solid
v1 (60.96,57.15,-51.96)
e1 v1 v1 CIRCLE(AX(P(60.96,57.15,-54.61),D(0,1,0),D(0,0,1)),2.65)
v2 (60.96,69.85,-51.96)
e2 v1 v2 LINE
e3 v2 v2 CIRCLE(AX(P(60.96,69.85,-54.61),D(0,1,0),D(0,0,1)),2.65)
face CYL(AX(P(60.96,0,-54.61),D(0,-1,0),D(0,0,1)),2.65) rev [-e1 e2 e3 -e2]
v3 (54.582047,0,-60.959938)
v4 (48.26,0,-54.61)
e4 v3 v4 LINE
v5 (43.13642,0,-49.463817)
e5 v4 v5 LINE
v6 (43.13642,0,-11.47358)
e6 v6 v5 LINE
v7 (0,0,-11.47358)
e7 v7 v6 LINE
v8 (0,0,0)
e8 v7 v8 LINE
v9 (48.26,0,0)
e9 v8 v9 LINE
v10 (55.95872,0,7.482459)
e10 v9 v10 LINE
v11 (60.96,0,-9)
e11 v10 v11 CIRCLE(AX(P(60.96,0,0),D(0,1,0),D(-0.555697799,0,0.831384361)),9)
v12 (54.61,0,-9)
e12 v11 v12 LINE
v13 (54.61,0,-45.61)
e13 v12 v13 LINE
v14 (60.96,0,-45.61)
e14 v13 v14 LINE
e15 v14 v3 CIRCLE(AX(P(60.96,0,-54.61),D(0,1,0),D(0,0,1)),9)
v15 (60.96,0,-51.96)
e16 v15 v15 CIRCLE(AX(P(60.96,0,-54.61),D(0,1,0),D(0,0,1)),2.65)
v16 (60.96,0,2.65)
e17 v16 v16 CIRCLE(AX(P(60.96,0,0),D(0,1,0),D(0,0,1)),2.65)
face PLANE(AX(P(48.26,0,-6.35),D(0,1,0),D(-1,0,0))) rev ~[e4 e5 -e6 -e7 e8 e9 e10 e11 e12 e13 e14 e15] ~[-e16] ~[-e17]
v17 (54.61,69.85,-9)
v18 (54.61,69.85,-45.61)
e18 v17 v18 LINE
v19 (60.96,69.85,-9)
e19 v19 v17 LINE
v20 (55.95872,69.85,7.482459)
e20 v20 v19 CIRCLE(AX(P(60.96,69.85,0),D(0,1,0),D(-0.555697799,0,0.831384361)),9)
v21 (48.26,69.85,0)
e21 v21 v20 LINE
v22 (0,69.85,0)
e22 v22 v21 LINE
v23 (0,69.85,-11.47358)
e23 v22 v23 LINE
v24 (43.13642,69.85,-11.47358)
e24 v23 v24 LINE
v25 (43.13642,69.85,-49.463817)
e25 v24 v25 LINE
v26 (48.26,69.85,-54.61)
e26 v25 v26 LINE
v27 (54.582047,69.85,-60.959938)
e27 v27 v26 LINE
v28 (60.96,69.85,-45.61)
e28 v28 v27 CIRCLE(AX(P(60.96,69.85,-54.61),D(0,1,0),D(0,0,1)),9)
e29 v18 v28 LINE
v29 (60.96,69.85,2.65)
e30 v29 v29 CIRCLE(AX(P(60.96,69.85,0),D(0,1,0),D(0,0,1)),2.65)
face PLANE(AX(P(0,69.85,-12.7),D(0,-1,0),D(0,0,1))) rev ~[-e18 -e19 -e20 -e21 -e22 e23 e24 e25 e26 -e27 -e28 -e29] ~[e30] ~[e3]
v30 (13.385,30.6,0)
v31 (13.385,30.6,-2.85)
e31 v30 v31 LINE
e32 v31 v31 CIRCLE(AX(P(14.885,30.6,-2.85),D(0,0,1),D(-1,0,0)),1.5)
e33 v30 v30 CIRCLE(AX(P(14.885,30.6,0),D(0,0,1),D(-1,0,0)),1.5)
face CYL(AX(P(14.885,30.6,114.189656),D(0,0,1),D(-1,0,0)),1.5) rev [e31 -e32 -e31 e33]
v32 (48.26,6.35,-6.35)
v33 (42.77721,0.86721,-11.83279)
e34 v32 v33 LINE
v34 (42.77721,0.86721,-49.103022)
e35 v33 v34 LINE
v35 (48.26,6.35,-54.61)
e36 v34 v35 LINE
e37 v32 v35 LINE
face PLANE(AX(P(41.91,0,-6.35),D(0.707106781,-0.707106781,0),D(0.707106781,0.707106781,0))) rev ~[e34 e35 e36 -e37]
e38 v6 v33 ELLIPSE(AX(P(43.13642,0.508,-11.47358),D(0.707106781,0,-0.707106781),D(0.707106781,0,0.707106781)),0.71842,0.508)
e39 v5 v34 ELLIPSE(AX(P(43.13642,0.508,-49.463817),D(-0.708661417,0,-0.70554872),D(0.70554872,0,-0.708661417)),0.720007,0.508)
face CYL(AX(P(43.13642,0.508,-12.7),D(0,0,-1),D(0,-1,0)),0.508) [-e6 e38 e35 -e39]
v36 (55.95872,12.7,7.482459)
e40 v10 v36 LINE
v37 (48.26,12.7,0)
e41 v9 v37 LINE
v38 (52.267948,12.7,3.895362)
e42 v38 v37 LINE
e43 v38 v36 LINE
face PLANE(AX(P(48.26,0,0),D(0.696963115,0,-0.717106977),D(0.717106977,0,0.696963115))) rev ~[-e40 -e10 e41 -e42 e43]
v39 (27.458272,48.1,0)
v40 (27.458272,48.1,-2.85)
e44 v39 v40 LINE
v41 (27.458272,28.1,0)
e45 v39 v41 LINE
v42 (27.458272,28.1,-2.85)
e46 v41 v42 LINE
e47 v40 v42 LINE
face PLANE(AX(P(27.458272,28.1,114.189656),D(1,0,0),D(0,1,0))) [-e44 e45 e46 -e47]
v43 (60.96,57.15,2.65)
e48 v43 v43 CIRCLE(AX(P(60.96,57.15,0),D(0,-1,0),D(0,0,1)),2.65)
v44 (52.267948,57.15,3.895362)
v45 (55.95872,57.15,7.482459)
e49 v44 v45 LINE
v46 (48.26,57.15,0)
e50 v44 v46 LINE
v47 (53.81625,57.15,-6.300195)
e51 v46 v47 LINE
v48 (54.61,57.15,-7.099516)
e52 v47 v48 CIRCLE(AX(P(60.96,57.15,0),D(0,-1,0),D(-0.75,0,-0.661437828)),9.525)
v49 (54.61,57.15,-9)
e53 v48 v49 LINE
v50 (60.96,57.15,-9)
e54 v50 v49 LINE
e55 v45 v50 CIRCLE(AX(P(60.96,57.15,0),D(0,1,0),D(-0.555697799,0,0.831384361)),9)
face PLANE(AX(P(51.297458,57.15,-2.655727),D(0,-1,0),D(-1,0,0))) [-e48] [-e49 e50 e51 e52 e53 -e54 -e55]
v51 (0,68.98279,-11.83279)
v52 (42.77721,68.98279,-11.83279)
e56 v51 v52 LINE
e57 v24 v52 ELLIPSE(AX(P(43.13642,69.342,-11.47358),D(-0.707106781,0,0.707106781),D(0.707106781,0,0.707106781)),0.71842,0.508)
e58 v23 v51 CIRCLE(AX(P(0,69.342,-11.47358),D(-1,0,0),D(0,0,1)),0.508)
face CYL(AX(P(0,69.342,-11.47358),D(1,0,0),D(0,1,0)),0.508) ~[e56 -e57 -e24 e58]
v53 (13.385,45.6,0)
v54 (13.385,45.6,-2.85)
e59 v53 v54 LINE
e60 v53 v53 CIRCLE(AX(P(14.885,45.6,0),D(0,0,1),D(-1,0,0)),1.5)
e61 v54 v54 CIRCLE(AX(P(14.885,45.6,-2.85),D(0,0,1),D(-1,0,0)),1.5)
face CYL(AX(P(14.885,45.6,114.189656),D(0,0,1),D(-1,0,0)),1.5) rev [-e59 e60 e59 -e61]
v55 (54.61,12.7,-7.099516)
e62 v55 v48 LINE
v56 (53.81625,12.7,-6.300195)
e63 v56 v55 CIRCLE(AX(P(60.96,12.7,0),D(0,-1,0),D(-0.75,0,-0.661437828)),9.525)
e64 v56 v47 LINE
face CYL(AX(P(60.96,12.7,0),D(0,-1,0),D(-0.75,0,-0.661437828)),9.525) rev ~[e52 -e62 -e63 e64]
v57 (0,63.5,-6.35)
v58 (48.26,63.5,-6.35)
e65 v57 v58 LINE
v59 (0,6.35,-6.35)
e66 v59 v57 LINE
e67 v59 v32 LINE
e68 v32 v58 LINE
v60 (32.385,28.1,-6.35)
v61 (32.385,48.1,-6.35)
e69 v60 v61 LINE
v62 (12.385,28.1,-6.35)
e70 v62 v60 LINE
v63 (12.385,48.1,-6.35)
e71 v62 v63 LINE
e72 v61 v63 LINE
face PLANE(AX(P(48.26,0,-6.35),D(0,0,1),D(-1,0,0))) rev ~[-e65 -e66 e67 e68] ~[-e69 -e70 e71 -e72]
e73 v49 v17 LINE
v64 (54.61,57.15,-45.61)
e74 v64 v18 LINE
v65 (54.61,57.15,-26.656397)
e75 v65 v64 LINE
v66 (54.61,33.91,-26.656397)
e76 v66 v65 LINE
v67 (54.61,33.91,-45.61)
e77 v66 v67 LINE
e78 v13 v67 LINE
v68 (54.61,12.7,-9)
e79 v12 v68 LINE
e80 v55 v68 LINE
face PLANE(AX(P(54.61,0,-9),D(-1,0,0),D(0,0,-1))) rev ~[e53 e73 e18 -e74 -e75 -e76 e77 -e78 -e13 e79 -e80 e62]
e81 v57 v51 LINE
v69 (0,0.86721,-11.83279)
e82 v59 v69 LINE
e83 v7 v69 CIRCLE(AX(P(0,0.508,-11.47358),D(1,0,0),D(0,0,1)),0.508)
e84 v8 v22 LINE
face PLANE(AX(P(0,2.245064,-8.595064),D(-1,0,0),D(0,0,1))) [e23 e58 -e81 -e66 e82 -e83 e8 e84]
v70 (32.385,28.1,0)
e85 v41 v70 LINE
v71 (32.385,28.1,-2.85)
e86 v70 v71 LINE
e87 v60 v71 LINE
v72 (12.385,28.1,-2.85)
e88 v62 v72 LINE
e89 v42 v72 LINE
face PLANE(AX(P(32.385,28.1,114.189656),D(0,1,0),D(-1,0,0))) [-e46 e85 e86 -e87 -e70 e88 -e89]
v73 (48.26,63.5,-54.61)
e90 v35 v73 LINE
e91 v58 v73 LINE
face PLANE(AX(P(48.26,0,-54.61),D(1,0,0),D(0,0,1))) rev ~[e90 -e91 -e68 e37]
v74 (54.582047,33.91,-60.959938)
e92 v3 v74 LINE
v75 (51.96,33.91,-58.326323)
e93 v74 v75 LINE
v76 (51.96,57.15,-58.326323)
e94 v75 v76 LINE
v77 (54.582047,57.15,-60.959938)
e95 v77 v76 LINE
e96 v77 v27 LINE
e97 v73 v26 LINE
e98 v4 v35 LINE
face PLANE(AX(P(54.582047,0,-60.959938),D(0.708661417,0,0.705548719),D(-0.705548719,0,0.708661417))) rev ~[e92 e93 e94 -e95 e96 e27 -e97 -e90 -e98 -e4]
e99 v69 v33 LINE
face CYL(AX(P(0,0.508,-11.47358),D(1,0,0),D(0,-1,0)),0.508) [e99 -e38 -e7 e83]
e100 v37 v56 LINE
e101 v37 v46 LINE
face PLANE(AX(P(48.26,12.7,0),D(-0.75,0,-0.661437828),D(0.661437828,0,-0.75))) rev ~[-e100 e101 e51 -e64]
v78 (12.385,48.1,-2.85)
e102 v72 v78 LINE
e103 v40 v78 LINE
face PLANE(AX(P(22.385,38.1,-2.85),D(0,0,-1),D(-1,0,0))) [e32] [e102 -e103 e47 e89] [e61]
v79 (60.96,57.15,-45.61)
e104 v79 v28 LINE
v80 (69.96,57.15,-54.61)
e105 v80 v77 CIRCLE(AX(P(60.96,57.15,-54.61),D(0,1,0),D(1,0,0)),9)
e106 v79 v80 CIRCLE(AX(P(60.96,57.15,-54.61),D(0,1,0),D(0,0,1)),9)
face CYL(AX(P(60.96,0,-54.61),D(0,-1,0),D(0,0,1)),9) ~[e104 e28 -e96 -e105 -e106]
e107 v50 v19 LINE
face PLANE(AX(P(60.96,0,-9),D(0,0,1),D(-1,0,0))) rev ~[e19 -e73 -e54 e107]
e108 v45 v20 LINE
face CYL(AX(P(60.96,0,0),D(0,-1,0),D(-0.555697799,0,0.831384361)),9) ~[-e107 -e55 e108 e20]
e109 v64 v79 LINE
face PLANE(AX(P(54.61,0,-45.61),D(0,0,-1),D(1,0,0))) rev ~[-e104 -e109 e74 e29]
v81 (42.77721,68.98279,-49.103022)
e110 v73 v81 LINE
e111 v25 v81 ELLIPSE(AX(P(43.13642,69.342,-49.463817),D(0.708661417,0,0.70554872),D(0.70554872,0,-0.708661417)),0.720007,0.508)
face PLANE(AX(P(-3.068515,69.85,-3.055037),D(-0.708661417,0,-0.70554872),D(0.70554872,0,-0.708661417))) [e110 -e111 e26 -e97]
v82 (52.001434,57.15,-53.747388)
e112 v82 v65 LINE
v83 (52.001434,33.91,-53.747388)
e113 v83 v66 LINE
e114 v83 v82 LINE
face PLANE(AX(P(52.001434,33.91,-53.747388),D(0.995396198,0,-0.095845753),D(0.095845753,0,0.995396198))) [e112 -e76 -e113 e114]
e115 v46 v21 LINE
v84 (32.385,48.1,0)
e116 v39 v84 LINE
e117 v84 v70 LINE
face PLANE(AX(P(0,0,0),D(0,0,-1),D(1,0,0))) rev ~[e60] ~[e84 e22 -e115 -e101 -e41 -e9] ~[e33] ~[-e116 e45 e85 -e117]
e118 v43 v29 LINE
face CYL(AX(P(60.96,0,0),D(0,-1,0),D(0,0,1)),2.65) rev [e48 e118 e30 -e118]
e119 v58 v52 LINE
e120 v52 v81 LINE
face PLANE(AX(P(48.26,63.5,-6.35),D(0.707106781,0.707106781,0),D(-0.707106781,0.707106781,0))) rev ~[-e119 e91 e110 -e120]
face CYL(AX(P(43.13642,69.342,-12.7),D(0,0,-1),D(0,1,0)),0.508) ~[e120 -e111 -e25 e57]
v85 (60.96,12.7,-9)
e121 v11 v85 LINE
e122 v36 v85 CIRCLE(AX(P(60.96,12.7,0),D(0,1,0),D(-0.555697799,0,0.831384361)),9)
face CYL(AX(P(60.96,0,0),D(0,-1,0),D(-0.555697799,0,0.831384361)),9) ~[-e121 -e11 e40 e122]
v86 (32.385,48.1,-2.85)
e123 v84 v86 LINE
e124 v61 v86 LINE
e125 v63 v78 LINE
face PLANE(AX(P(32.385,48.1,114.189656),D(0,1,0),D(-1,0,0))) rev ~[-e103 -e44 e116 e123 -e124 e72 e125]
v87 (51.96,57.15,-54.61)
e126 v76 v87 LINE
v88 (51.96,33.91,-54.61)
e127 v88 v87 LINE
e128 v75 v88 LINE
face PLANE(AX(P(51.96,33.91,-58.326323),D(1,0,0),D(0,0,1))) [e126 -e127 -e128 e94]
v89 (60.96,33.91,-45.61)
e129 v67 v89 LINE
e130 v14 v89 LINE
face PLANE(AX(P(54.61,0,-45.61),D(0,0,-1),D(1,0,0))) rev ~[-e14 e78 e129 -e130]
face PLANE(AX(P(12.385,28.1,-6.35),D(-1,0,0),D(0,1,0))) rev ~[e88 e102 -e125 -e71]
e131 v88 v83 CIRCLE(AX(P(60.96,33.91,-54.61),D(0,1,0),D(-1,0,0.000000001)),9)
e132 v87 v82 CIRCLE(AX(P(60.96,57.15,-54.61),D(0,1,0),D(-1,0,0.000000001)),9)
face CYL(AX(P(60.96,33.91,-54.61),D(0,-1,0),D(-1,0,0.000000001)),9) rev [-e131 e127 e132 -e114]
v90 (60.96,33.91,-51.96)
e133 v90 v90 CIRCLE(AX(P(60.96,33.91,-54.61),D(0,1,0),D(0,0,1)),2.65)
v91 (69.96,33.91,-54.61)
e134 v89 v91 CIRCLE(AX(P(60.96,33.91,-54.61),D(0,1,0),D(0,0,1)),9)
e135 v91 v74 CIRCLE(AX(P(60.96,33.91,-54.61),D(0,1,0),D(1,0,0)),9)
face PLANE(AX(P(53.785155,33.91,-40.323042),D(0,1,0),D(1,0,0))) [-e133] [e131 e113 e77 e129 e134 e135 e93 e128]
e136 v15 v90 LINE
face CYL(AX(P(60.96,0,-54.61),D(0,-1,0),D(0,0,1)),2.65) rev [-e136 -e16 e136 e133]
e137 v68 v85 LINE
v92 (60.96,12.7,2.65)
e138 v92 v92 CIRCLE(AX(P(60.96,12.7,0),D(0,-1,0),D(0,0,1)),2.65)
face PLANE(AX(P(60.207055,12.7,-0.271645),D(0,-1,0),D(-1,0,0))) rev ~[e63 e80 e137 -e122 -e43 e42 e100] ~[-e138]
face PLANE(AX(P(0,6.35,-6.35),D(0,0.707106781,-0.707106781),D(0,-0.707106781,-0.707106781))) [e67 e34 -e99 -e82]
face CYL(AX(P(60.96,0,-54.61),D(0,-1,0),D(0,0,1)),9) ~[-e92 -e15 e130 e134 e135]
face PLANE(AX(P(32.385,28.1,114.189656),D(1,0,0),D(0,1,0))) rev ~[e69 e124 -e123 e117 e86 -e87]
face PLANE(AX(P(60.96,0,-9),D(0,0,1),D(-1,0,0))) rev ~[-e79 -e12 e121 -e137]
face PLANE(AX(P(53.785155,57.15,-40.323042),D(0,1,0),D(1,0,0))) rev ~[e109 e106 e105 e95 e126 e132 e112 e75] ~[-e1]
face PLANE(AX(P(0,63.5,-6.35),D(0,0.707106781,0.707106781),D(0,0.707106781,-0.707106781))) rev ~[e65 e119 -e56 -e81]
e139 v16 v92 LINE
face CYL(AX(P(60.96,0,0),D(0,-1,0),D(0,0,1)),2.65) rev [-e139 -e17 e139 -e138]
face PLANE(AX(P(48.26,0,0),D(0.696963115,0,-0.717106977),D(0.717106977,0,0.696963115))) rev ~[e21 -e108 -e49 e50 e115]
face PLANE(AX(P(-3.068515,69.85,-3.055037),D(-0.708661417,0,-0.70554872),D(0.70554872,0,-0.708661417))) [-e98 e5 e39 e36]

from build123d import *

# Parameters (mm, degrees)
SKETCH1_R               = 2.65
BOSS_EXTRUDE1_DEPTH     = 69.85
BOSS_EXTRUDE2_REACH     = 119.557
BOSS_EXTRUDE3_REACH     = 116.246
CUT_EXTRUDE3_START      = -35.94
SKETCH7_R               = 2.65
CUT_EXTRUDE3_DEPTH      = 23.24
CUT_EXTRUDE2_START      = -12.7
SKETCH6_R               = 2.65
CUT_EXTRUDE2_DEPTH      = 44.45
FILLET1_R               = 0.508
SKETCH8_W               = 20
SKETCH8_H               = 20
CUT_EXTRUDE4_DEPTH      = 3.5
CUT_EXTRUDE6_DEPTH      = 117.039655722
CUT_EXTRUDE6_DEPTH_BACK = 117.039655722
SKETCH10_R              = 1.5
SKETCH10_W              = 4.926728391
SKETCH10_H              = 20


with BuildPart() as part:
    # Sketch1 → Boss-Extrude1 (new body)
    with BuildSketch(Plane(origin=(0, 0, 0), x_dir=(1, 0, 0), z_dir=(0, 1, 0))):
        with BuildLine():
            ThreePointArc((55.958719807, -7.48245925), (69.572262573, -2.613222795), (60.96, 9))
            Line((60.96, 9), (54.61, 9))
            Line((54.61, 9), (54.61, 45.61))
            Line((54.61, 45.61), (60.96, 45.61))
            ThreePointArc((60.96, 45.61), (69.27112045, 58.063299416), (54.582047244, 60.959938476))
            Line((54.582047244, 60.959938476), (48.26, 54.61))
            Line((48.26, 54.61), (48.26, 6.35))
            Line((48.26, 6.35), (0, 6.35))
            Line((0, 6.35), (0, 0))
            Line((0, 0), (48.26, 0))
            Line((48.26, 0), (55.958719807, -7.48245925))
        make_face()
        with Locations(Location((60.96, 0, 0), (0, 0, 270))):
            Circle(SKETCH1_R, mode=Mode.SUBTRACT)
        with Locations(Location((60.96, 54.61, 0), (0, 0, 270))):
            Circle(SKETCH1_R, mode=Mode.SUBTRACT)
    extrude(amount=BOSS_EXTRUDE1_DEPTH)

    # Sketch3 → Boss-Extrude2 (add, up to next)
    with BuildSketch(Plane.ZY, mode=Mode.PRIVATE) as boss_extrude2_sk1:
        Polygon((-6.35, 69.85), (-6.35, 63.5), (-12.7, 69.85), align=None)
    boss_extrude2_tool1 = extrude(boss_extrude2_sk1.sketch, amount=-BOSS_EXTRUDE2_REACH, mode=Mode.PRIVATE) - part.part
    # Sketch3 → Boss-Extrude2 (add, up to next)
    with BuildSketch(Plane.ZY, mode=Mode.PRIVATE) as boss_extrude2_sk2:
        Polygon((-6.35, 0), (-6.35, 6.35), (-12.7, 0), align=None)
    boss_extrude2_tool2 = extrude(boss_extrude2_sk2.sketch, amount=-BOSS_EXTRUDE2_REACH, mode=Mode.PRIVATE) - part.part
    add(boss_extrude2_tool1.solids().sort_by_distance((0, 67.733333, -8.466667))[0])
    add(boss_extrude2_tool2.solids().sort_by_distance((0, 2.116667, -8.466667))[0])

    # Boss-Extrude3: up to this plane
    boss_extrude3_end = Plane(origin=(-3.068514972, 69.85, -3.055036942), z_dir=(-0.7086614173228347, 0, -0.7055487195070168))
    # Sketch4 → Boss-Extrude3 (add, up to the surface)
    with BuildSketch(Plane(origin=(0, 0, -6.35), x_dir=(-1, 0, 0), z_dir=(0, 0, -1)), mode=Mode.PRIVATE) as boss_extrude3_sk1:
        Polygon((-48.26, 69.85), (-48.26, 63.5), (-41.91, 69.85), align=None)
    boss_extrude3_tool1 = split(extrude(boss_extrude3_sk1.sketch, amount=BOSS_EXTRUDE3_REACH, mode=Mode.PRIVATE), bisect_by=boss_extrude3_end, keep=Keep.BOTH, mode=Mode.PRIVATE)
    add(boss_extrude3_tool1.solids().sort_by_distance((46.143333, 67.733333, -6.35))[0])
    # Sketch4 → Boss-Extrude3 (add, up to the surface)
    with BuildSketch(Plane(origin=(0, 0, -6.35), x_dir=(-1, 0, 0), z_dir=(0, 0, -1)), mode=Mode.PRIVATE) as boss_extrude3_sk2:
        Polygon((-48.26, 6.35), (-48.26, 0), (-41.91, 0), align=None)
    boss_extrude3_tool2 = split(extrude(boss_extrude3_sk2.sketch, amount=BOSS_EXTRUDE3_REACH, mode=Mode.PRIVATE), bisect_by=boss_extrude3_end, keep=Keep.BOTH, mode=Mode.PRIVATE)
    add(boss_extrude3_tool2.solids().sort_by_distance((46.143333, 2.116667, -6.35))[0])

    # Sketch7 → Cut-Extrude3 (cut)
    # profile 1 of 4: a face of its own
    with BuildSketch(Plane(origin=(0, 69.85, 0), x_dir=(1, 0, 0), z_dir=(0, 1, 0)).offset(CUT_EXTRUDE3_START)):
        with BuildLine():
            ThreePointArc((52.001434215, 53.747388227), (52.824115031, 50.761964686), (54.61, 48.232108499))
            ThreePointArc((54.61, 48.232108499), (57.524961682, 46.291315503), (60.96, 45.61))
            ThreePointArc((60.96, 45.61), (67.323961031, 48.246038969), (69.96, 54.61))
            ThreePointArc((69.96, 54.61), (64.394998195, 62.928701065), (54.582047244, 60.959938476))
            ThreePointArc((54.582047244, 60.959938476), (52.641298935, 58.044998195), (51.96, 54.61))
            ThreePointArc((51.96, 54.61), (51.970364522, 54.178196843), (52.001434215, 53.747388227))
        make_face()
        with Locations(Location((60.96, 54.61, 0), (0, 0, 270))):
            Circle(SKETCH7_R, mode=Mode.SUBTRACT)
    # profile 2 of 4: a face of its own
    with BuildSketch(Plane(origin=(0, 69.85, 0), x_dir=(1, 0, 0), z_dir=(0, 1, 0)).offset(CUT_EXTRUDE3_START)):
        with BuildLine():
            Line((54.61, 48.232108499), (54.61, 45.61))
            Line((54.61, 45.61), (60.96, 45.61))
            ThreePointArc((60.96, 45.61), (57.524961682, 46.291315503), (54.61, 48.232108499))
        make_face()
    # profile 3 of 4: a face of its own
    with BuildSketch(Plane(origin=(0, 69.85, 0), x_dir=(1, 0, 0), z_dir=(0, 1, 0)).offset(CUT_EXTRUDE3_START)):
        with BuildLine():
            Line((51.96, 58.32632344), (51.96, 54.61))
            ThreePointArc((51.96, 54.61), (52.641298935, 58.044998195), (54.582047244, 60.959938476))
            Line((54.582047244, 60.959938476), (51.96, 58.32632344))
        make_face()
    # profile 4 of 4: a face of its own
    with BuildSketch(Plane(origin=(0, 69.85, 0), x_dir=(1, 0, 0), z_dir=(0, 1, 0)).offset(CUT_EXTRUDE3_START)):
        with BuildLine():
            Line((54.61, 26.656396737), (54.61, 45.61))
            Line((54.61, 45.61), (54.61, 48.232108499))
            ThreePointArc((54.61, 48.232108499), (52.824115031, 50.761964686), (52.001434215, 53.747388227))
            Line((52.001434215, 53.747388227), (54.61, 26.656396737))
        make_face()
    extrude(amount=CUT_EXTRUDE3_DEPTH, mode=Mode.SUBTRACT)

    # Sketch6 → Cut-Extrude2 (cut)
    # profile 1 of 7: a face of its own
    with BuildSketch(Plane(origin=(0, 0, 0), x_dir=(-1, 0, 0), z_dir=(0, -1, 0)).offset(CUT_EXTRUDE2_START)):
        with BuildLine():
            Line((-60.96, 9), (-57.841406567, 9))
            ThreePointArc((-57.841406567, 9), (-69.785888373, -3.581803934), (-52.451441296, -4.281361207))
            ThreePointArc((-52.451441296, -4.281361207), (-52.357529126, -4.089391135), (-52.267947508, -3.895362431))
            Line((-52.267947508, -3.895362431), (-55.958719807, -7.48245925))
            ThreePointArc((-55.958719807, -7.48245925), (-69.572262573, -2.613222795), (-60.96, 9))
        make_face()
    # profile 2 of 7: a face of its own
    with BuildSketch(Plane(origin=(0, 0, 0), x_dir=(-1, 0, 0), z_dir=(0, -1, 0)).offset(CUT_EXTRUDE2_START)):
        with BuildLine():
            ThreePointArc((-53.816250004, 6.300195314), (-54.20129816, 6.711599991), (-54.61, 7.099515829))
            ThreePointArc((-54.61, 7.099515829), (-56.131281182, 8.210304475), (-57.841406567, 9))
            Line((-57.841406567, 9), (-60.96, 9))
            ThreePointArc((-60.96, 9), (-69.572262573, -2.613222795), (-55.958719807, -7.48245925))
            Line((-55.958719807, -7.48245925), (-52.267947508, -3.895362431))
            ThreePointArc((-52.267947508, -3.895362431), (-51.645564295, -1.991710949), (-51.435, 0))
            ThreePointArc((-51.435, 0), (-52.050178349, 3.367596048), (-53.816250004, 6.300195314))
        make_face()
        with Locations(Location((-60.96, 0, 0), (0, 0, 270))):
            Circle(SKETCH6_R, mode=Mode.SUBTRACT)
    # profile 3 of 7: a face of its own
    with BuildSketch(Plane(origin=(0, 0, 0), x_dir=(-1, 0, 0), z_dir=(0, -1, 0)).offset(CUT_EXTRUDE2_START)):
        with Locations(Location((-60.96, 0, 0), (0, 0, 270))):
            Circle(SKETCH6_R)
    # profile 4 of 7: a face of its own
    with BuildSketch(Plane(origin=(0, 0, 0), x_dir=(-1, 0, 0), z_dir=(0, -1, 0)).offset(CUT_EXTRUDE2_START)):
        with BuildLine():
            Line((-52.267947508, -3.895362431), (-48.26, 0))
            Line((-48.26, 0), (-51.435, 0))
            ThreePointArc((-51.435, 0), (-51.645564295, -1.991710949), (-52.267947508, -3.895362431))
        make_face()
    # profile 5 of 7: a face of its own
    with BuildSketch(Plane(origin=(0, 0, 0), x_dir=(-1, 0, 0), z_dir=(0, -1, 0)).offset(CUT_EXTRUDE2_START)):
        with BuildLine():
            ThreePointArc((-52.267947508, -3.895362431), (-52.357529126, -4.089391135), (-52.451441296, -4.281361207))
            Line((-52.451441296, -4.281361207), (-48.26, 0))
            Line((-48.26, 0), (-52.267947508, -3.895362431))
        make_face()
    # profile 6 of 7: a face of its own
    with BuildSketch(Plane(origin=(0, 0, 0), x_dir=(-1, 0, 0), z_dir=(0, -1, 0)).offset(CUT_EXTRUDE2_START)):
        with BuildLine():
            Line((-54.61, 7.099515829), (-54.61, 9))
            Line((-54.61, 9), (-57.841406567, 9))
            ThreePointArc((-57.841406567, 9), (-56.131281182, 8.210304475), (-54.61, 7.099515829))
        make_face()
    # profile 7 of 7: a face of its own
    with BuildSketch(Plane(origin=(0, 0, 0), x_dir=(-1, 0, 0), z_dir=(0, -1, 0)).offset(CUT_EXTRUDE2_START)):
        with BuildLine():
            Line((-48.26, 0), (-53.816250004, 6.300195314))
            ThreePointArc((-53.816250004, 6.300195314), (-52.050178349, 3.367596048), (-51.435, 0))
            Line((-51.435, 0), (-48.26, 0))
        make_face()
    extrude(amount=-CUT_EXTRUDE2_DEPTH, mode=Mode.SUBTRACT)

    # Fillet1
    fillet1_edges = [part.edges().sort_by_distance(p)[0] for p in [
        (20.955, 69.85, -12.7),
        (41.91, 69.85, -30.465992724),
        (20.955, 0, -12.7),
        (41.91, 0, -30.465992724),
    ]]
    fillet(fillet1_edges, radius=FILLET1_R)

    # Sketch8 → Cut-Extrude4 (cut)
    with BuildSketch(Plane(origin=(0, 0, -6.35), x_dir=(-1, 0, 0), z_dir=(0, 0, -1))):
        with Locations((-22.385, 38.1)):
            Rectangle(SKETCH8_W, SKETCH8_H)
    extrude(amount=-CUT_EXTRUDE4_DEPTH, mode=Mode.SUBTRACT)

    # Sketch10 → Cut-Extrude6 (cut, two sides: drawn at the far end of the back side and taken through both)
    with BuildSketch(Plane(origin=(0, 0, -2.85), x_dir=(-1, 0, 0), z_dir=(0, 0, -1)).offset(-CUT_EXTRUDE6_DEPTH_BACK)):
        with Locations((-14.885, 30.6)):
            Circle(SKETCH10_R)
        with Locations((-14.885, 45.6)):
            Circle(SKETCH10_R)
        with Locations((-29.921635805, 38.1)):
            Rectangle(SKETCH10_W, SKETCH10_H)
    extrude(amount=CUT_EXTRUDE6_DEPTH + CUT_EXTRUDE6_DEPTH_BACK, mode=Mode.SUBTRACT)


solid = part.part
